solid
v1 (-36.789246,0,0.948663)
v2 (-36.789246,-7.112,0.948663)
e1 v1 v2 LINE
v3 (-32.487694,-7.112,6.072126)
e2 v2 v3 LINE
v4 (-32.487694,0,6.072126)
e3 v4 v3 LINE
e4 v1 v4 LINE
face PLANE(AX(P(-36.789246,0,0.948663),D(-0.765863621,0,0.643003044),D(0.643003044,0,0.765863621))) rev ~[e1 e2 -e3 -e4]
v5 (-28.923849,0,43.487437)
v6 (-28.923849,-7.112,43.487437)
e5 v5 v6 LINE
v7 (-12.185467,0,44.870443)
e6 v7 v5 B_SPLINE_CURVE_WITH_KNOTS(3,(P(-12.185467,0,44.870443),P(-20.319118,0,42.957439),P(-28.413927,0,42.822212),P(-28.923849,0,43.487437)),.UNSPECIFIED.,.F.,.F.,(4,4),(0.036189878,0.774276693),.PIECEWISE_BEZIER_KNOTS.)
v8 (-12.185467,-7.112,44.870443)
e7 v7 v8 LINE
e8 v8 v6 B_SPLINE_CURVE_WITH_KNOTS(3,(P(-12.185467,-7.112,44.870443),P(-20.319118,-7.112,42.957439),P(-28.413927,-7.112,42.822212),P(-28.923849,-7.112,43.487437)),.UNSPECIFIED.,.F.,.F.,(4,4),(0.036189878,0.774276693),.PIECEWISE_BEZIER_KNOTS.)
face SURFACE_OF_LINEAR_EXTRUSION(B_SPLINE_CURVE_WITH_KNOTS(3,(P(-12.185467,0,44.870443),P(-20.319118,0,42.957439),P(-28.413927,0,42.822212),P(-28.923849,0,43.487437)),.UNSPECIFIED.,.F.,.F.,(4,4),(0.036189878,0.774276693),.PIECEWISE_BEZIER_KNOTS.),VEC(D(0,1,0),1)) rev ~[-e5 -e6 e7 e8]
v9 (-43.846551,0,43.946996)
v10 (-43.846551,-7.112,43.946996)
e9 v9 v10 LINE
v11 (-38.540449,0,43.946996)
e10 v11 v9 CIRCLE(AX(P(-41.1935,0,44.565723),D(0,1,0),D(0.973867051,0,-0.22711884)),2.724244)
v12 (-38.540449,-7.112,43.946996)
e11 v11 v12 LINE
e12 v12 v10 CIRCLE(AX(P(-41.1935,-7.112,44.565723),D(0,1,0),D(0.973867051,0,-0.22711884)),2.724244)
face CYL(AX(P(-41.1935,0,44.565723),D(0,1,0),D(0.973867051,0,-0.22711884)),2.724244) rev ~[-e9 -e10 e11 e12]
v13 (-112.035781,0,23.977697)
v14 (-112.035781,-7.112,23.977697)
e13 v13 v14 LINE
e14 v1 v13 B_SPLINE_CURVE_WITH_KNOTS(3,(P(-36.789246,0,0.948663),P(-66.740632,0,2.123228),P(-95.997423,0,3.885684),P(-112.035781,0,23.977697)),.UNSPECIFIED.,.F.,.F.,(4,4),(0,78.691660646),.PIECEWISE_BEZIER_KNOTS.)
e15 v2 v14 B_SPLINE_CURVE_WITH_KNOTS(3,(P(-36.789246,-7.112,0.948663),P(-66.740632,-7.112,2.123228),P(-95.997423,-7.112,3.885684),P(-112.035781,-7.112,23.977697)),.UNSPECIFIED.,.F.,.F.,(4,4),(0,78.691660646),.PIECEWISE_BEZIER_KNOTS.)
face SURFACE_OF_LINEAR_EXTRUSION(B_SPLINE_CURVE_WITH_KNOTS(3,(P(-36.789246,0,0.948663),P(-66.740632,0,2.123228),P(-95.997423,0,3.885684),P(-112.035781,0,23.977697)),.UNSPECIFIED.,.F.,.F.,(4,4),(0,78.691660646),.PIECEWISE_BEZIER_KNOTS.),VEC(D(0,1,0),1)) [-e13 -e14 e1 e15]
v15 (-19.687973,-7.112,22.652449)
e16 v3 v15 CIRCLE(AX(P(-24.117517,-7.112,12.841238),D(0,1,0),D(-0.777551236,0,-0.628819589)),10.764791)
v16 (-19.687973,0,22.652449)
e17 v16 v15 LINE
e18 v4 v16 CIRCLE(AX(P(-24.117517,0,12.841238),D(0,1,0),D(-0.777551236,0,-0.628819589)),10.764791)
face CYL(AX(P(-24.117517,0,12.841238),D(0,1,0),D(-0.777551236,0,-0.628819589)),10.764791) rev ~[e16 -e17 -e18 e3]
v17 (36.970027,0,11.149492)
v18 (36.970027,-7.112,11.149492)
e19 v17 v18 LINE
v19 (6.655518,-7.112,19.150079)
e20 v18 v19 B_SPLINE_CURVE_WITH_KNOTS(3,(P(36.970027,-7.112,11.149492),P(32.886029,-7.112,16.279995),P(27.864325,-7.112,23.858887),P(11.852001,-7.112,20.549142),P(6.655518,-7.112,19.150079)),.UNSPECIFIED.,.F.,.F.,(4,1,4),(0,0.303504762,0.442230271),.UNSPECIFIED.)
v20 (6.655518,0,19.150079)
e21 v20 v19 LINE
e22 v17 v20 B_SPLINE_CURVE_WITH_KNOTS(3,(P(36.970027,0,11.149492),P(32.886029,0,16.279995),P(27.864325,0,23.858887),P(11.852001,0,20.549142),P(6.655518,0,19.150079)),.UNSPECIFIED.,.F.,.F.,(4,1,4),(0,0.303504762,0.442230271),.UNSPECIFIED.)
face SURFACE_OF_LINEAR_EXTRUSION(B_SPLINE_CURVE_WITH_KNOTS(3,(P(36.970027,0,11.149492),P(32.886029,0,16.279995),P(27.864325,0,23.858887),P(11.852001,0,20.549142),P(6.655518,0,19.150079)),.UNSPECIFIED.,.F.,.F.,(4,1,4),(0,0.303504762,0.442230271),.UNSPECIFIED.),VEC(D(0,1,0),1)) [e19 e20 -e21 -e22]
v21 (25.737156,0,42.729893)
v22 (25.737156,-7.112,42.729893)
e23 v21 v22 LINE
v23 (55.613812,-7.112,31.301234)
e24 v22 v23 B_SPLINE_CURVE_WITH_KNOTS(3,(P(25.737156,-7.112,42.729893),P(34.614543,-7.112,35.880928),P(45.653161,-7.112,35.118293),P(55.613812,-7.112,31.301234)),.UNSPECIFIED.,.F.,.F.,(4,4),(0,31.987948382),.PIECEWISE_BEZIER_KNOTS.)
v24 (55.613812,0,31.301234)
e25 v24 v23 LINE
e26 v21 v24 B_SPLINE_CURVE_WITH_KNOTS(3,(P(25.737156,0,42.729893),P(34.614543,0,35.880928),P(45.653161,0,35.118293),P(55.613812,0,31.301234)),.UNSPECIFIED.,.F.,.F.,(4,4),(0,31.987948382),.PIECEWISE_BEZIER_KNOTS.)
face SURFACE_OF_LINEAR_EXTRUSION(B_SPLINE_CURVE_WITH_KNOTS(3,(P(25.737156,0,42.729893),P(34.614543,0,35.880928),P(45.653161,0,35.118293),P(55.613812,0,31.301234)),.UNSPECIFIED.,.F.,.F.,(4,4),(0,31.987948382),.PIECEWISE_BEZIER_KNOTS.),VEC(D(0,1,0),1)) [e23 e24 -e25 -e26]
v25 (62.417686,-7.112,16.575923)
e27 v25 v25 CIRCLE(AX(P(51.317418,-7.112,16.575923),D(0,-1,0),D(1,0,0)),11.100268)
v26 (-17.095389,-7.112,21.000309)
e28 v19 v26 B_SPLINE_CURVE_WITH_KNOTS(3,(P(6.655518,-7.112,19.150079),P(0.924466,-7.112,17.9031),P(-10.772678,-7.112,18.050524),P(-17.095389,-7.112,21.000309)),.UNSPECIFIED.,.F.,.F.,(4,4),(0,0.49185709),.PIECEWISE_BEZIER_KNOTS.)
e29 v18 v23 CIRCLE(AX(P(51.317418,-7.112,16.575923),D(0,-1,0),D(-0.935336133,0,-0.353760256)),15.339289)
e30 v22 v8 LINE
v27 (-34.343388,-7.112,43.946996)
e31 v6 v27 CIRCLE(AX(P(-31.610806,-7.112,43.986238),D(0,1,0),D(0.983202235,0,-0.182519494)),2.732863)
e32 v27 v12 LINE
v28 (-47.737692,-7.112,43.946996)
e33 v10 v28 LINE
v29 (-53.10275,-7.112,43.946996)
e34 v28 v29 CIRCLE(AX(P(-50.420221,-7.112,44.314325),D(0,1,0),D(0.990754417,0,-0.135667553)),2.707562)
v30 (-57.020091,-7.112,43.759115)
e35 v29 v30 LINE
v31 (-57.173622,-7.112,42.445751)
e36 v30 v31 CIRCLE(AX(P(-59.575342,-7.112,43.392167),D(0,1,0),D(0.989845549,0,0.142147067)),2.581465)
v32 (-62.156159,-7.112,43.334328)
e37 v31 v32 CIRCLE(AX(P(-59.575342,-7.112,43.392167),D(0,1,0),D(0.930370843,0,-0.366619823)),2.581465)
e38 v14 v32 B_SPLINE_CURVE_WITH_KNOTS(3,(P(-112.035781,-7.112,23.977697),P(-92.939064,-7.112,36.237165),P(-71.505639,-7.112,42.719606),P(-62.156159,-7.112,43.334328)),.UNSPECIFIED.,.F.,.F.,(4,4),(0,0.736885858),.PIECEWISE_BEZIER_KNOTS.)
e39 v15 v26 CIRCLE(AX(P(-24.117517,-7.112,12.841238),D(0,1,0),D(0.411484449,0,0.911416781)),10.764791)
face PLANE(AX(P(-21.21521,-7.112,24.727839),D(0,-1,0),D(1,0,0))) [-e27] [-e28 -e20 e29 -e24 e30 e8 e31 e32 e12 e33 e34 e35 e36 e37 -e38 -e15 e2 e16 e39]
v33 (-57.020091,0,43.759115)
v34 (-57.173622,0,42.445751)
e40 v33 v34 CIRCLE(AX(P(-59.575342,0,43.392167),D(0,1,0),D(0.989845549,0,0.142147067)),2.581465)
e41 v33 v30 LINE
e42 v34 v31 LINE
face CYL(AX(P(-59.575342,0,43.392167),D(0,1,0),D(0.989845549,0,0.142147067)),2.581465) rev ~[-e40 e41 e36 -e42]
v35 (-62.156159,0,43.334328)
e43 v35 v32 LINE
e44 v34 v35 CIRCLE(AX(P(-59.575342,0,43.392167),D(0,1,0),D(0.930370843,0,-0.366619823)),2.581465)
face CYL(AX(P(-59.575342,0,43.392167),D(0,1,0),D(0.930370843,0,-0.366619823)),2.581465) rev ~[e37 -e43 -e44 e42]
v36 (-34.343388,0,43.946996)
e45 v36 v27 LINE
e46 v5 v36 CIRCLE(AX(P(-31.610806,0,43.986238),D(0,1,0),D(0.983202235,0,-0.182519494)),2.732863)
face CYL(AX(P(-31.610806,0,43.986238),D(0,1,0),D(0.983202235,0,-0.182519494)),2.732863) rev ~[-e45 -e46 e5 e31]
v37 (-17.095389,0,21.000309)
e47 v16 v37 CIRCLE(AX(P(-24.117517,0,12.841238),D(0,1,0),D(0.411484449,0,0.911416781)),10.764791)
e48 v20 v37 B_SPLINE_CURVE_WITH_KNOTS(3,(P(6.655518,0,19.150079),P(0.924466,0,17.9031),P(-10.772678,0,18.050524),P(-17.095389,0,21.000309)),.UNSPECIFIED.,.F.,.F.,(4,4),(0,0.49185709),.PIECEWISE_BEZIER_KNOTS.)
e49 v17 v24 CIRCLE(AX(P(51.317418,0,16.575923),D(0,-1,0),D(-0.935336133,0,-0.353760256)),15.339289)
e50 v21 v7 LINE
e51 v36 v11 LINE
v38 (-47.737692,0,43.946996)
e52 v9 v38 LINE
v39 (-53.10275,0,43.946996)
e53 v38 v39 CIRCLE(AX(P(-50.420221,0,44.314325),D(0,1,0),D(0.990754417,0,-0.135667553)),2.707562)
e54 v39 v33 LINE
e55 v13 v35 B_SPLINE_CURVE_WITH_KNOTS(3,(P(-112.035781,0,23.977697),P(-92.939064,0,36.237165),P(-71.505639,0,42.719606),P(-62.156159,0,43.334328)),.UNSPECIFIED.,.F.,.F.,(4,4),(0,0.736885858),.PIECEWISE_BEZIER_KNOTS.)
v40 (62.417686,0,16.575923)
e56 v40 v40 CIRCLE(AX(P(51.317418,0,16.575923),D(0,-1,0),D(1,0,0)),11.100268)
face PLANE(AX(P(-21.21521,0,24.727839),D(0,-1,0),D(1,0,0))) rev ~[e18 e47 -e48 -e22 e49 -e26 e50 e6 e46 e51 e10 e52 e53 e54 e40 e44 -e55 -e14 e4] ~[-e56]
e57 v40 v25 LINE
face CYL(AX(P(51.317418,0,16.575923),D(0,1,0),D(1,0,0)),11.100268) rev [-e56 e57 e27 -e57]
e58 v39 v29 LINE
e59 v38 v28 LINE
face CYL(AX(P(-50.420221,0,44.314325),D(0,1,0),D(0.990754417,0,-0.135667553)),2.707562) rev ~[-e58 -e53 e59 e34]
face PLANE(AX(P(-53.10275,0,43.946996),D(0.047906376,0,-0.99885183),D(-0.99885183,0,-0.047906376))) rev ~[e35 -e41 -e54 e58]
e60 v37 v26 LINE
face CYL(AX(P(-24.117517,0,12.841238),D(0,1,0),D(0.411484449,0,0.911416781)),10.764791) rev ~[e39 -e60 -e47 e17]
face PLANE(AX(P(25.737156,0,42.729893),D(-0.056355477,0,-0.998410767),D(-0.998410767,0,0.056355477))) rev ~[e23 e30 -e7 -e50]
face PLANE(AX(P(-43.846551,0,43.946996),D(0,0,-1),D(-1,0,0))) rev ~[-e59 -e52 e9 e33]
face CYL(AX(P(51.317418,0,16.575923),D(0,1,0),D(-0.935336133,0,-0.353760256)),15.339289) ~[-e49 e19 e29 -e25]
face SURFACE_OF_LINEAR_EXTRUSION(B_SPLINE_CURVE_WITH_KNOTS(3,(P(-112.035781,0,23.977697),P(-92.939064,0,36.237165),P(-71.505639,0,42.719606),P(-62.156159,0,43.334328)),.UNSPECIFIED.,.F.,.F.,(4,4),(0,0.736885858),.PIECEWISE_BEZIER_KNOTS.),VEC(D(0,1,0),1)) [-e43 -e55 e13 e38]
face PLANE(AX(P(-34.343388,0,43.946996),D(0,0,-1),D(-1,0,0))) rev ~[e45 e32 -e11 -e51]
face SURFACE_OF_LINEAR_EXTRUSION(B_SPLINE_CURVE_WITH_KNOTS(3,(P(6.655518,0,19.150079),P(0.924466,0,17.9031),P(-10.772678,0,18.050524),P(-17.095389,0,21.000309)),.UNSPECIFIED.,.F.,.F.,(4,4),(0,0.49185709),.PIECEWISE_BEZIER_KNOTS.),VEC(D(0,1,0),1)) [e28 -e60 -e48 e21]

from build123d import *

# Parameters (mm, degrees)
F0_R     = 11.1002676346
F1_DEPTH = 7.112


with BuildPart() as f1:
    # F0 (on Front) → F1 (new body)
    with BuildSketch(Plane.XZ):
        with BuildLine():
            ThreePointArc((-28.9238487713, 43.4874370513), (-31.8417154654, 41.2631470908), (-34.3433879316, 43.9469963312))
            Line((-34.3433879316, 43.9469963312), (-38.5404489934, 43.9469963312))
            ThreePointArc((-38.5404489934, 43.9469963312), (-41.1935001612, 41.8414797087), (-43.8465513289, 43.9469963312))
            Line((-43.8465513289, 43.9469963312), (-47.7376915514, 43.9469963312))
            ThreePointArc((-47.7376915514, 43.9469963312), (-50.4202209413, 41.6067623115), (-53.1027503312, 43.9469963312))
            Line((-53.1027503312, 43.9469963312), (-57.0200905204, 43.7591150403))
            ThreePointArc((-57.0200905204, 43.7591150403), (-57.0113369766, 43.092435836), (-57.1736224025, 42.4457510391))
            ThreePointArc((-57.1736224025, 42.4457510391), (-60.0285652732, 40.8507993338), (-62.1561594307, 43.3343276381))
            add(Edge.make_bspline(
                [(-112.0357811451, 23.9776968956), (-92.9390639067, 36.2371653318), (-71.5056391184, 42.7196059605), (-62.1561594307, 43.3343276381)],
                knots=[0, 0, 0, 0, 0.7368858585, 0.7368858585, 0.7368858585, 0.7368858585], degree=3))
            add(Edge.make_bspline(
                [(-36.7892459035, 0.9486632771), (-66.7406320572, 2.1232275758), (-95.9974229336, 3.8856838364), (-112.0357811451, 23.9776968956)],
                knots=[0, 0, 0, 0, 78.6916606463, 78.6916606463, 78.6916606463, 78.6916606463], degree=3))
            Line((-36.7892459035, 0.9486632771), (-32.4876937115, 6.072126331))
            ThreePointArc((-32.4876937115, 6.072126331), (-32.6386039848, 19.4193686965), (-19.6879729629, 22.6524490863))
            ThreePointArc((-19.6879729629, 22.6524490863), (-18.3323991504, 21.9194060304), (-17.0953891825, 21.0003092879))
            add(Edge.make_bspline(
                [(6.6555179041, 19.1500785461), (0.9244663771, 17.9030998445), (-10.7726783896, 18.050524278), (-17.0953891825, 21.0003092879)],
                knots=[0, 0, 0, 0, 0.49185709, 0.49185709, 0.49185709, 0.49185709], degree=3))
            add(Edge.make_bspline(
                [(36.9700267911, 11.1494921148), (32.886029432, 16.2799953356), (27.8643252538, 23.8588869819), (11.8520011969, 20.5491422263), (6.6555179041, 19.1500785461)],
                knots=[0, 0, 0, 0, 0.3035047621, 0.4422302713, 0.4422302713, 0.4422302713, 0.4422302713], degree=3))
            ThreePointArc((36.9700267911, 11.1494921148), (62.5770277208, 6.1588707444), (55.6138120592, 31.3012339175))
            add(Edge.make_bspline(
                [(25.7371558529, 42.729893316), (34.6145431232, 35.8809284759), (45.6531612823, 35.1182930171), (55.6138120592, 31.3012339175)],
                knots=[0, 0, 0, 0, 31.9879483824, 31.9879483824, 31.9879483824, 31.9879483824], degree=3))
            Line((25.7371558529, 42.729893316), (-12.1854665813, 44.8704426206))
            add(Edge.make_bspline(
                [(-12.1854665813, 44.8704426206), (-20.3191175134, 42.9574390185), (-28.4139272796, 42.8222121718), (-28.9238487713, 43.4874370513)],
                knots=[0.0361898776, 0.0361898776, 0.0361898776, 0.0361898776, 0.7742766932, 0.7742766932, 0.7742766932, 0.7742766932], degree=3))
        make_face()
        with Locations((51.3174180221, 16.575922902)):
            Circle(F0_R, mode=Mode.SUBTRACT)
    extrude(amount=F1_DEPTH)


solid = f1.part
